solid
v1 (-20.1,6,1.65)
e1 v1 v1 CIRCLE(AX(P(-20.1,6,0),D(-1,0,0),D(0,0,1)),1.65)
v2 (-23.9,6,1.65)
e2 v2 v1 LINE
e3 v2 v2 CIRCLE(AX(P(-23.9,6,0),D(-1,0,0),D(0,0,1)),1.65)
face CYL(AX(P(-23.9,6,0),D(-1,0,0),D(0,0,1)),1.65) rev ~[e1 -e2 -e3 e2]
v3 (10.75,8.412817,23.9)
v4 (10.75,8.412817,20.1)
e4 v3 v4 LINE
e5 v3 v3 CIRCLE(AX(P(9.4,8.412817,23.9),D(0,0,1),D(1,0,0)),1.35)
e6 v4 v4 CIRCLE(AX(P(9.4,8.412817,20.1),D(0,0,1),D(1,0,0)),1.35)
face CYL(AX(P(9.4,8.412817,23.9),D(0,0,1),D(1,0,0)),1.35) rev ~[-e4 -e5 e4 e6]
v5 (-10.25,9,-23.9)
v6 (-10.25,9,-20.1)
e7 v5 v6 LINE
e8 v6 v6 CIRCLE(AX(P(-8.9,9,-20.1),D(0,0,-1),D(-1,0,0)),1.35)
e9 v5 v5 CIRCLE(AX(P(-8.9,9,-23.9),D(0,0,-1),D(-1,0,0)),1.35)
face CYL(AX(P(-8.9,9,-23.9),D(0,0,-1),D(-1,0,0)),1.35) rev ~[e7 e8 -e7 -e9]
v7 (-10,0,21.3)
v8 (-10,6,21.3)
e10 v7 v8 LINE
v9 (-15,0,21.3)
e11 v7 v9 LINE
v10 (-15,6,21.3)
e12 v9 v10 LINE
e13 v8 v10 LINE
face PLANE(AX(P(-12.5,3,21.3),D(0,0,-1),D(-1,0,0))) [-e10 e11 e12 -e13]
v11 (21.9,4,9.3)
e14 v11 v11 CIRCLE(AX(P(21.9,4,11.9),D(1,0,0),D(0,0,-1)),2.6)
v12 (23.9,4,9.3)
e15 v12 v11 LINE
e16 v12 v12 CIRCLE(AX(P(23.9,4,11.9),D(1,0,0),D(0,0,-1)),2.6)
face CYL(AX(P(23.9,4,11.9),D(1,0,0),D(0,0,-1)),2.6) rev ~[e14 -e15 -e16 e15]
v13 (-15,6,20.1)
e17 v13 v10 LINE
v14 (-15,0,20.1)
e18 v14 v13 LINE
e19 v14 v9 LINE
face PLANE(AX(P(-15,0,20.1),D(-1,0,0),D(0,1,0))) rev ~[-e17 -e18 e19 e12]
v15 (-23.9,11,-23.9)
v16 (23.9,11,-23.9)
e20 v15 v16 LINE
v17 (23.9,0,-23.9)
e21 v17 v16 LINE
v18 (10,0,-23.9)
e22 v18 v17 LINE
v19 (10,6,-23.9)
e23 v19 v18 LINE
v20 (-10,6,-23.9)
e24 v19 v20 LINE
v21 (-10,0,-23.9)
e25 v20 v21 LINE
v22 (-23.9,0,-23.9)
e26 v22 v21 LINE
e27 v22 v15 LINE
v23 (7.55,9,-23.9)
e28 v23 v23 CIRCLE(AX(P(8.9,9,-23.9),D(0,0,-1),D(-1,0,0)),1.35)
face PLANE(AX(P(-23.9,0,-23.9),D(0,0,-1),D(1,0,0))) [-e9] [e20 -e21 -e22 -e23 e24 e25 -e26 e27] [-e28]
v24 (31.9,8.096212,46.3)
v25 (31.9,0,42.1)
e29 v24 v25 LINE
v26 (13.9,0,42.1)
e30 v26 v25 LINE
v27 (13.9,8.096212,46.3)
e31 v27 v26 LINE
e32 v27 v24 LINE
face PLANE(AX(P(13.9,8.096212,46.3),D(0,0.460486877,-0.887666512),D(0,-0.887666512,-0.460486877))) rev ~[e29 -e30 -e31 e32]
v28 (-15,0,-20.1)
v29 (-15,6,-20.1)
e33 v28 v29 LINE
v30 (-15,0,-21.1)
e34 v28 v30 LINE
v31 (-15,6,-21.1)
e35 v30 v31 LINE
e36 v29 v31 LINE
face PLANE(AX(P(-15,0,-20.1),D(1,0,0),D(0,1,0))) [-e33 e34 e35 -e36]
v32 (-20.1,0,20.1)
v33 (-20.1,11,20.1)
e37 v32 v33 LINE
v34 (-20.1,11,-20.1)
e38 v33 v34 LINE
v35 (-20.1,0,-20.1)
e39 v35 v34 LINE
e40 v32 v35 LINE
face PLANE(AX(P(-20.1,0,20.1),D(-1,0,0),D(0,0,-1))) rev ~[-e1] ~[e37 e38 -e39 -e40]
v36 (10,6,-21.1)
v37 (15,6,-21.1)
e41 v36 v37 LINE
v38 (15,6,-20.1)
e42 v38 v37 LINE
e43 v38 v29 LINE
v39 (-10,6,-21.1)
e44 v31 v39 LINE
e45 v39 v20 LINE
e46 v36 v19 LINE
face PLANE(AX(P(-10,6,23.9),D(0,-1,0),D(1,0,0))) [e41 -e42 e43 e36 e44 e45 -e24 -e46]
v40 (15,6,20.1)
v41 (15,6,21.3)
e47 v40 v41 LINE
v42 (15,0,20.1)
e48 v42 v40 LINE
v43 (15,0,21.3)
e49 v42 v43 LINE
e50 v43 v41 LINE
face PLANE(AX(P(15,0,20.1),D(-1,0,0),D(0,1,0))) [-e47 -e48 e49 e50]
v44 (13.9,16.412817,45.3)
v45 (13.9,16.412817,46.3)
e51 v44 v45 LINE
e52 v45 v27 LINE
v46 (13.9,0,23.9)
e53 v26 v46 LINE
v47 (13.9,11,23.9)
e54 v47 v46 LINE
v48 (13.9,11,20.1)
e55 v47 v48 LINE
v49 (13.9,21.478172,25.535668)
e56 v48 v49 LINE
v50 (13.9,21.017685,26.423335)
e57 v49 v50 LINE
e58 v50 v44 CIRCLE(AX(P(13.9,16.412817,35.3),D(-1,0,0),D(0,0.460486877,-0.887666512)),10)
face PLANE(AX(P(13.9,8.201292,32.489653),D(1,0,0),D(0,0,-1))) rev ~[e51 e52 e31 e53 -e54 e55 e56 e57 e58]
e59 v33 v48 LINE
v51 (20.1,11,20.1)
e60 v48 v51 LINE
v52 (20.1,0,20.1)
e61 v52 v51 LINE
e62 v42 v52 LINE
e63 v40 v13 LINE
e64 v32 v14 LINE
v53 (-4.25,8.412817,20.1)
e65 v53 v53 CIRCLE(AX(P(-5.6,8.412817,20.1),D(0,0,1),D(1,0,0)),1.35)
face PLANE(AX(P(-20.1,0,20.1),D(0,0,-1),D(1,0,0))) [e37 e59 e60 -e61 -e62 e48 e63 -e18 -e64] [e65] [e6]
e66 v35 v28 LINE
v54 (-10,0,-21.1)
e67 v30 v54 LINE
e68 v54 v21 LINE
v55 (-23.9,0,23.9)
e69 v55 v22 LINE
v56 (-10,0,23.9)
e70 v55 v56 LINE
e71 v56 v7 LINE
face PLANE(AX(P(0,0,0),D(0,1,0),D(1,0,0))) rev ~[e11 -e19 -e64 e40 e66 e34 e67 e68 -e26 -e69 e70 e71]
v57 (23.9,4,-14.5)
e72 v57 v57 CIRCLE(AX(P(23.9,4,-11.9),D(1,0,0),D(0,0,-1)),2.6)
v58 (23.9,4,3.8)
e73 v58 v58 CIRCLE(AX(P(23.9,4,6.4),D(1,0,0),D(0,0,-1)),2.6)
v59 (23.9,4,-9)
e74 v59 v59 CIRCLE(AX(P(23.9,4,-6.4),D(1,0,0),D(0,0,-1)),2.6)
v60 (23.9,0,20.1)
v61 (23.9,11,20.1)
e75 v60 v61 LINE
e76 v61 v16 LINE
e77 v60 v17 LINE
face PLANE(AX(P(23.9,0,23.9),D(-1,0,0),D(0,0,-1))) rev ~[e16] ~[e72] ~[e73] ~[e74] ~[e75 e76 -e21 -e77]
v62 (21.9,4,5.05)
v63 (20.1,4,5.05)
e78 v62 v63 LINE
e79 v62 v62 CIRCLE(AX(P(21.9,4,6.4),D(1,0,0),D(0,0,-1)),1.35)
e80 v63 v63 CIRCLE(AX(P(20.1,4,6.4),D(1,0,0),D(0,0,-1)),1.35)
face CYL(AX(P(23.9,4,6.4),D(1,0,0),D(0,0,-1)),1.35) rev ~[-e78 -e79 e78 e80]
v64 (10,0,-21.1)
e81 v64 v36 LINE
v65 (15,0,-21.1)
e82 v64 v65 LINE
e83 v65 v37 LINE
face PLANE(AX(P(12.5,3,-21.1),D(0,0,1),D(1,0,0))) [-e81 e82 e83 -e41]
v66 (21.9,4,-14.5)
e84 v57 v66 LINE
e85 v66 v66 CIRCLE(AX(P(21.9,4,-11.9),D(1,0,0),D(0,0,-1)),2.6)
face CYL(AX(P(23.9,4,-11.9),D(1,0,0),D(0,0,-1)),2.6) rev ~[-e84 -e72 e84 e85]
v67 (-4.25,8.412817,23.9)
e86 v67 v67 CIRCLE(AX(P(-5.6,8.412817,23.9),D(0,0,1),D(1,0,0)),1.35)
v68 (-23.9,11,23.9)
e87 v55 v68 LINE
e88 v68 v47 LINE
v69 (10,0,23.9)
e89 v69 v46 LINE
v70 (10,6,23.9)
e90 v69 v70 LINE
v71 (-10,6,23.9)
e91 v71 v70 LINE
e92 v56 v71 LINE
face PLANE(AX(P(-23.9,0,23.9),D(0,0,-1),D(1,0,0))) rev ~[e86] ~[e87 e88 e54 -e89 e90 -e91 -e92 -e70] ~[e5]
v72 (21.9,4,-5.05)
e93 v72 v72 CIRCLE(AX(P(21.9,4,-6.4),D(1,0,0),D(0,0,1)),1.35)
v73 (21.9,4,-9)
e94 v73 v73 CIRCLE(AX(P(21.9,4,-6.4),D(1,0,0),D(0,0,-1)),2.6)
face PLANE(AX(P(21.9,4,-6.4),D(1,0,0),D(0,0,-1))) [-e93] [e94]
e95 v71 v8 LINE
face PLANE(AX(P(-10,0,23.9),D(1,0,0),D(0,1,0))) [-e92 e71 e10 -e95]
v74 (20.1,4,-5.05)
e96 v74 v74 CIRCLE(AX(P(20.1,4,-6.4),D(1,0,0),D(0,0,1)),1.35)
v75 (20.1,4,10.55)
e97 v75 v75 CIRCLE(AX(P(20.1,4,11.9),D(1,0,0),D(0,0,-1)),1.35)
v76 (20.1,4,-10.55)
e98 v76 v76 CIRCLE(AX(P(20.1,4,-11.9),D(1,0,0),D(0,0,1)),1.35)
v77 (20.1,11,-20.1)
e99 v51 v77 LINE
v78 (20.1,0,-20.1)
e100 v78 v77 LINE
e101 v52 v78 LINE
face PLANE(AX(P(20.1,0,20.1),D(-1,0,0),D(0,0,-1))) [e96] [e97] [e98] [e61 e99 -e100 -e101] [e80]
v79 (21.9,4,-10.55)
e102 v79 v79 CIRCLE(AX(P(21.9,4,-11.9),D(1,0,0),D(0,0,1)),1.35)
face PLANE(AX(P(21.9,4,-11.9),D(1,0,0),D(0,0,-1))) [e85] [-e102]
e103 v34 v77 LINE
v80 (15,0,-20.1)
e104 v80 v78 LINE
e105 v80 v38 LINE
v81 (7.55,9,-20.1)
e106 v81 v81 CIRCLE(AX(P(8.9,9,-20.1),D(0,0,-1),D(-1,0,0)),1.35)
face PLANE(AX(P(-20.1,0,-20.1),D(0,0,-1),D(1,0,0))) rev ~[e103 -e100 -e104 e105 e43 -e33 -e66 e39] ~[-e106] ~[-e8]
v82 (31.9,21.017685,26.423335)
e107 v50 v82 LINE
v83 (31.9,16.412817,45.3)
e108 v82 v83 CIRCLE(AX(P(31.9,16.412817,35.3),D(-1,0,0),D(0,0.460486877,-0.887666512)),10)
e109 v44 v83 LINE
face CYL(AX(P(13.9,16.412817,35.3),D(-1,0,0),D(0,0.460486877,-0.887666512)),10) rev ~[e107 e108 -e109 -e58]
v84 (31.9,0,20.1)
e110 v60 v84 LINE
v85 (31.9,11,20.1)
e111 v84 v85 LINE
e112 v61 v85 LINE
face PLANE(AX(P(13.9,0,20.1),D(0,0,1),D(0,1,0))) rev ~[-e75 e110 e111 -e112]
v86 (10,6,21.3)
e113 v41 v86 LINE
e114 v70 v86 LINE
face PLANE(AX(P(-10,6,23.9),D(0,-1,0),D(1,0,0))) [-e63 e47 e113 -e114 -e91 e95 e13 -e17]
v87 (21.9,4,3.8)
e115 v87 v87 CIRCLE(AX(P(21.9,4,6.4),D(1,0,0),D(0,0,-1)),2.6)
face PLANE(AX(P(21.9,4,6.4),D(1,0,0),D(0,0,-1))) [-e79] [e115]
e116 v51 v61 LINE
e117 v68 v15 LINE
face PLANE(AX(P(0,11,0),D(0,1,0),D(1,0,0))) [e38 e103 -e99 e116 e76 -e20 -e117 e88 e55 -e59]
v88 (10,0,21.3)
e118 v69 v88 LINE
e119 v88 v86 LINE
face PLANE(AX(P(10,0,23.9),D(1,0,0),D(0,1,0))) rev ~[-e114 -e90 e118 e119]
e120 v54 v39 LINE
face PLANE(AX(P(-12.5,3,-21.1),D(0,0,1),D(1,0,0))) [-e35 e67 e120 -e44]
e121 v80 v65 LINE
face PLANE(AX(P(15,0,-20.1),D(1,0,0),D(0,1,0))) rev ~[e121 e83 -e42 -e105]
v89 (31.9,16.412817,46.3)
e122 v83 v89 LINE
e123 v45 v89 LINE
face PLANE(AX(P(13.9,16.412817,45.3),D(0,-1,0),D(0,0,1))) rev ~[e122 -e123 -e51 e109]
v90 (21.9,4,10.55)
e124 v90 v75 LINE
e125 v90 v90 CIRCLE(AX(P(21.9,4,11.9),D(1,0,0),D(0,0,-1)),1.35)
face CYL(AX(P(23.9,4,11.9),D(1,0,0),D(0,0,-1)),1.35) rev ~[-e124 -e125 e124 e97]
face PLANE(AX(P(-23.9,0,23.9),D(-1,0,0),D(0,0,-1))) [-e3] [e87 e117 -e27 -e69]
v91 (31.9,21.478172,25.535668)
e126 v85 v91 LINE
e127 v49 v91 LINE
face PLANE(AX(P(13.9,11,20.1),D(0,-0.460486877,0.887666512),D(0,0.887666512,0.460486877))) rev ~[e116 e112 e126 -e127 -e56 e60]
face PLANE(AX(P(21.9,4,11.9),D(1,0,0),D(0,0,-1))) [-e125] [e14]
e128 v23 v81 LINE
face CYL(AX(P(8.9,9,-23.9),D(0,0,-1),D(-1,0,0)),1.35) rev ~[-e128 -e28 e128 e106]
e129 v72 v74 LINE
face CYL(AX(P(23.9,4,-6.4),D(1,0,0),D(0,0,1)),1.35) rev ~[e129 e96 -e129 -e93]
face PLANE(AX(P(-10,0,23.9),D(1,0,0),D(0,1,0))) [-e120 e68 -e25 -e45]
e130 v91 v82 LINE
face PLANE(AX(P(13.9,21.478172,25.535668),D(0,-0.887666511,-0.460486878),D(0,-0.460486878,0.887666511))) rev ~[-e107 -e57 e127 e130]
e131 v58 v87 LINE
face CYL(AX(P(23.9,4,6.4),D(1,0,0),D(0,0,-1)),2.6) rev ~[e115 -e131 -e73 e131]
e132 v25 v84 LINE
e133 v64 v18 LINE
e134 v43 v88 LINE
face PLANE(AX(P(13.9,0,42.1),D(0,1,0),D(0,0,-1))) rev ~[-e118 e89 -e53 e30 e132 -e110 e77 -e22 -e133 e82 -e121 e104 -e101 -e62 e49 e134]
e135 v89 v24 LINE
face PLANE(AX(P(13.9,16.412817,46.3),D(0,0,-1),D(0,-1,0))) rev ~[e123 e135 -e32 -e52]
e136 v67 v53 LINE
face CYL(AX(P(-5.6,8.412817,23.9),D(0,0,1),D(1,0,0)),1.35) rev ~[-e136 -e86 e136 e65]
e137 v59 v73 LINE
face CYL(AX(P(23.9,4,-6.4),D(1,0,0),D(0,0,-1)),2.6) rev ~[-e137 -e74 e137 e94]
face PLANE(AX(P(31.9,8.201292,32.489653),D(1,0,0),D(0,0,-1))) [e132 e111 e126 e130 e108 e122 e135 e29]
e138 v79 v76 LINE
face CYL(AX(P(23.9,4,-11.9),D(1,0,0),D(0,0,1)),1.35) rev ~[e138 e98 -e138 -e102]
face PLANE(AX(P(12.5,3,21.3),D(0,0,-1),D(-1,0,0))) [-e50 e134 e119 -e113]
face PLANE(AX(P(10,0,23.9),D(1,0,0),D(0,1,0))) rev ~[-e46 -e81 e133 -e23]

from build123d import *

# Parameters (mm, degrees)
SKETCH1_W                = 47.8
SKETCH1_H                = 47.8
SKETCH1_W_2              = 40.2
SKETCH1_H_2              = 40.2
BOSS_EXTRUDE1_DEPTH      = 11
SKETCH3_W                = 20
SKETCH3_H                = 6
CUT_EXTRUDE1_DEPTH       = 55.562349656
SKETCH4_W                = 5
SKETCH4_H                = 6
CUT_EXTRUDE2_DEPTH       = 1
CUT_EXTRUDE4_REACH       = 56.562
SKETCH6_R                = 1.35
CUT_EXTRUDE5_REACH       = 56.562
SKETCH7_R                = 1.35
CUT_EXTRUDE6_REACH       = 56.562
SKETCH8_R                = 1.35
CUT_EXTRUDE7_REACH       = 56.562
SKETCH9_R                = 1.65
BOSS_EXTRUDE7_DEPTH      = 8
BOSS_EXTRUDE7_DEPTH_BACK = 10
SKETCH5_W                = 5
SKETCH5_H                = 6
CUT_EXTRUDE3_DEPTH       = 1.2
SKETCH11_R               = 2.6
CUT_EXTRUDE8_DEPTH       = 2


with BuildPart() as part:
    # Sketch1 → Boss-Extrude1 (new body)
    with BuildSketch(Plane(origin=(0, 0, 0), x_dir=(1, 0, 0), z_dir=(0, 1, 0))):
        Rectangle(SKETCH1_W, SKETCH1_H)
        Rectangle(SKETCH1_W_2, SKETCH1_H_2, mode=Mode.SUBTRACT)
    extrude(amount=BOSS_EXTRUDE1_DEPTH)

    # Sketch3 → Cut-Extrude1 (cut, through all)
    with BuildSketch(Plane.XY.offset(23.9)):
        with Locations((0, 3)):
            Rectangle(SKETCH3_W, SKETCH3_H)
    extrude(amount=-CUT_EXTRUDE1_DEPTH, mode=Mode.SUBTRACT)

    # Sketch4 → Cut-Extrude2 (cut)
    with BuildSketch(Plane.XY.offset(-20.1)):
        with Locations((-12.5, 3)):
            Rectangle(SKETCH4_W, SKETCH4_H)
        with Locations((12.5, 3)):
            Rectangle(SKETCH4_W, SKETCH4_H)
    extrude(amount=-CUT_EXTRUDE2_DEPTH, mode=Mode.SUBTRACT)

    # Sketch6 → Cut-Extrude4 (cut, up to next)
    with BuildSketch(Plane(origin=(0, 0, -23.9), x_dir=(-1, 0, 0), z_dir=(0, 0, -1)), mode=Mode.PRIVATE) as cut_extrude4_sk1:
        with Locations((-8.9, 9)):
            Circle(SKETCH6_R)
    cut_extrude4_tool1 = extrude(cut_extrude4_sk1.sketch, amount=-CUT_EXTRUDE4_REACH, mode=Mode.PRIVATE) & part.part
    # Sketch6 → Cut-Extrude4 (cut, up to next)
    with BuildSketch(Plane(origin=(0, 0, -23.9), x_dir=(-1, 0, 0), z_dir=(0, 0, -1)), mode=Mode.PRIVATE) as cut_extrude4_sk2:
        with Locations((8.9, 9)):
            Circle(SKETCH6_R)
    cut_extrude4_tool2 = extrude(cut_extrude4_sk2.sketch, amount=-CUT_EXTRUDE4_REACH, mode=Mode.PRIVATE) & part.part
    add(cut_extrude4_tool1.solids().sort_by_distance((8.9, 9, -23.9))[0], mode=Mode.SUBTRACT)
    add(cut_extrude4_tool2.solids().sort_by_distance((-8.9, 9, -23.9))[0], mode=Mode.SUBTRACT)

    # Sketch7 → Cut-Extrude5 (cut, up to next)
    with BuildSketch(Plane.XY.offset(23.9), mode=Mode.PRIVATE) as cut_extrude5_sk1:
        with Locations((9.4, 8.412816521)):
            Circle(SKETCH7_R)
    cut_extrude5_tool1 = extrude(cut_extrude5_sk1.sketch, amount=-CUT_EXTRUDE5_REACH, mode=Mode.PRIVATE) & part.part
    # Sketch7 → Cut-Extrude5 (cut, up to next)
    with BuildSketch(Plane.XY.offset(23.9), mode=Mode.PRIVATE) as cut_extrude5_sk2:
        with Locations((-5.6, 8.412816521)):
            Circle(SKETCH7_R)
    cut_extrude5_tool2 = extrude(cut_extrude5_sk2.sketch, amount=-CUT_EXTRUDE5_REACH, mode=Mode.PRIVATE) & part.part
    add(cut_extrude5_tool1.solids().sort_by_distance((9.4, 8.412817, 23.9))[0], mode=Mode.SUBTRACT)
    add(cut_extrude5_tool2.solids().sort_by_distance((-5.6, 8.412817, 23.9))[0], mode=Mode.SUBTRACT)

    # Sketch8 → Cut-Extrude6 (cut, up to next)
    with BuildSketch(Plane(origin=(23.9, 0, 0), x_dir=(0, 0, -1), z_dir=(1, 0, 0)), mode=Mode.PRIVATE) as cut_extrude6_sk1:
        with Locations((-11.9, 4)):
            Circle(SKETCH8_R)
    cut_extrude6_tool1 = extrude(cut_extrude6_sk1.sketch, amount=-CUT_EXTRUDE6_REACH, mode=Mode.PRIVATE) & part.part
    # Sketch8 → Cut-Extrude6 (cut, up to next)
    with BuildSketch(Plane(origin=(23.9, 0, 0), x_dir=(0, 0, -1), z_dir=(1, 0, 0)), mode=Mode.PRIVATE) as cut_extrude6_sk2:
        with Locations((-6.4, 4)):
            Circle(SKETCH8_R)
    cut_extrude6_tool2 = extrude(cut_extrude6_sk2.sketch, amount=-CUT_EXTRUDE6_REACH, mode=Mode.PRIVATE) & part.part
    # Sketch8 → Cut-Extrude6 (cut, up to next)
    with BuildSketch(Plane(origin=(23.9, 0, 0), x_dir=(0, 0, -1), z_dir=(1, 0, 0)), mode=Mode.PRIVATE) as cut_extrude6_sk3:
        with Locations(Location((6.4, 4, 0), (0, 0, 180))):
            Circle(SKETCH8_R)
    cut_extrude6_tool3 = extrude(cut_extrude6_sk3.sketch, amount=-CUT_EXTRUDE6_REACH, mode=Mode.PRIVATE) & part.part
    # Sketch8 → Cut-Extrude6 (cut, up to next)
    with BuildSketch(Plane(origin=(23.9, 0, 0), x_dir=(0, 0, -1), z_dir=(1, 0, 0)), mode=Mode.PRIVATE) as cut_extrude6_sk4:
        with Locations(Location((11.9, 4, 0), (0, 0, 180))):
            Circle(SKETCH8_R)
    cut_extrude6_tool4 = extrude(cut_extrude6_sk4.sketch, amount=-CUT_EXTRUDE6_REACH, mode=Mode.PRIVATE) & part.part
    add(cut_extrude6_tool1.solids().sort_by_distance((23.9, 4, 11.9))[0], mode=Mode.SUBTRACT)
    add(cut_extrude6_tool2.solids().sort_by_distance((23.9, 4, 6.4))[0], mode=Mode.SUBTRACT)
    add(cut_extrude6_tool3.solids().sort_by_distance((23.9, 4, -6.4))[0], mode=Mode.SUBTRACT)
    add(cut_extrude6_tool4.solids().sort_by_distance((23.9, 4, -11.9))[0], mode=Mode.SUBTRACT)

    # Sketch9 → Cut-Extrude7 (cut, up to next)
    with BuildSketch(Plane.ZY.offset(23.9), mode=Mode.PRIVATE) as cut_extrude7_sk1:
        with Locations((0, 6)):
            Circle(SKETCH9_R)
    cut_extrude7_tool1 = extrude(cut_extrude7_sk1.sketch, amount=-CUT_EXTRUDE7_REACH, mode=Mode.PRIVATE) & part.part
    add(cut_extrude7_tool1.solids().sort_by_distance((-23.9, 6, 0))[0], mode=Mode.SUBTRACT)

    # Sketch10 → Boss-Extrude7 (add, two sides: drawn at the far end of the back side and taken through both)
    with BuildSketch(Plane(origin=(23.9, 0, 0), x_dir=(0, 0, -1), z_dir=(1, 0, 0)).offset(-BOSS_EXTRUDE7_DEPTH_BACK)):
        with BuildLine():
            Line((-42.1, 0), (-20.1, 0))
            Line((-20.1, 0), (-20.1, 11))
            Line((-20.1, 11), (-25.535668372, 21.478172171))
            ThreePointArc((-25.535668372, 21.478172171), (-32.693052351, 5.7261976), (-46.3, 16.412816521))
            Line((-46.3, 16.412816521), (-46.3, 8.096211929))
            Line((-46.3, 8.096211929), (-42.1, 0))
        make_face()
        with BuildLine():
            ThreePointArc((-46.3, 16.412816521), (-32.693052351, 5.7261976), (-25.535668372, 21.478172171))
            Line((-25.535668372, 21.478172171), (-26.423334884, 21.017685293))
            ThreePointArc((-26.423334884, 21.017685293), (-32.930047592, 6.697708411), (-45.3, 16.412816521))
            Line((-45.3, 16.412816521), (-46.3, 16.412816521))
        make_face()
    extrude(amount=BOSS_EXTRUDE7_DEPTH + BOSS_EXTRUDE7_DEPTH_BACK)

    # Sketch5 → Cut-Extrude3 (cut)
    with BuildSketch(Plane(origin=(0, 0, 20.1), x_dir=(-1, 0, 0), z_dir=(0, 0, -1))):
        with Locations((-12.5, 3)):
            Rectangle(SKETCH5_W, SKETCH5_H)
        with Locations((12.5, 3)):
            Rectangle(SKETCH5_W, SKETCH5_H)
    extrude(amount=-CUT_EXTRUDE3_DEPTH, mode=Mode.SUBTRACT)

    # Sketch11 → Cut-Extrude8 (cut)
    with BuildSketch(Plane(origin=(23.9, 0, 0), x_dir=(0, 0, -1), z_dir=(1, 0, 0))):
        with Locations((11.9, 4)):
            Circle(SKETCH11_R)
        with Locations((6.4, 4)):
            Circle(SKETCH11_R)
        with Locations((-6.4, 4)):
            Circle(SKETCH11_R)
        with Locations((-11.9, 4)):
            Circle(SKETCH11_R)
    extrude(amount=-CUT_EXTRUDE8_DEPTH, mode=Mode.SUBTRACT)


solid = part.part
